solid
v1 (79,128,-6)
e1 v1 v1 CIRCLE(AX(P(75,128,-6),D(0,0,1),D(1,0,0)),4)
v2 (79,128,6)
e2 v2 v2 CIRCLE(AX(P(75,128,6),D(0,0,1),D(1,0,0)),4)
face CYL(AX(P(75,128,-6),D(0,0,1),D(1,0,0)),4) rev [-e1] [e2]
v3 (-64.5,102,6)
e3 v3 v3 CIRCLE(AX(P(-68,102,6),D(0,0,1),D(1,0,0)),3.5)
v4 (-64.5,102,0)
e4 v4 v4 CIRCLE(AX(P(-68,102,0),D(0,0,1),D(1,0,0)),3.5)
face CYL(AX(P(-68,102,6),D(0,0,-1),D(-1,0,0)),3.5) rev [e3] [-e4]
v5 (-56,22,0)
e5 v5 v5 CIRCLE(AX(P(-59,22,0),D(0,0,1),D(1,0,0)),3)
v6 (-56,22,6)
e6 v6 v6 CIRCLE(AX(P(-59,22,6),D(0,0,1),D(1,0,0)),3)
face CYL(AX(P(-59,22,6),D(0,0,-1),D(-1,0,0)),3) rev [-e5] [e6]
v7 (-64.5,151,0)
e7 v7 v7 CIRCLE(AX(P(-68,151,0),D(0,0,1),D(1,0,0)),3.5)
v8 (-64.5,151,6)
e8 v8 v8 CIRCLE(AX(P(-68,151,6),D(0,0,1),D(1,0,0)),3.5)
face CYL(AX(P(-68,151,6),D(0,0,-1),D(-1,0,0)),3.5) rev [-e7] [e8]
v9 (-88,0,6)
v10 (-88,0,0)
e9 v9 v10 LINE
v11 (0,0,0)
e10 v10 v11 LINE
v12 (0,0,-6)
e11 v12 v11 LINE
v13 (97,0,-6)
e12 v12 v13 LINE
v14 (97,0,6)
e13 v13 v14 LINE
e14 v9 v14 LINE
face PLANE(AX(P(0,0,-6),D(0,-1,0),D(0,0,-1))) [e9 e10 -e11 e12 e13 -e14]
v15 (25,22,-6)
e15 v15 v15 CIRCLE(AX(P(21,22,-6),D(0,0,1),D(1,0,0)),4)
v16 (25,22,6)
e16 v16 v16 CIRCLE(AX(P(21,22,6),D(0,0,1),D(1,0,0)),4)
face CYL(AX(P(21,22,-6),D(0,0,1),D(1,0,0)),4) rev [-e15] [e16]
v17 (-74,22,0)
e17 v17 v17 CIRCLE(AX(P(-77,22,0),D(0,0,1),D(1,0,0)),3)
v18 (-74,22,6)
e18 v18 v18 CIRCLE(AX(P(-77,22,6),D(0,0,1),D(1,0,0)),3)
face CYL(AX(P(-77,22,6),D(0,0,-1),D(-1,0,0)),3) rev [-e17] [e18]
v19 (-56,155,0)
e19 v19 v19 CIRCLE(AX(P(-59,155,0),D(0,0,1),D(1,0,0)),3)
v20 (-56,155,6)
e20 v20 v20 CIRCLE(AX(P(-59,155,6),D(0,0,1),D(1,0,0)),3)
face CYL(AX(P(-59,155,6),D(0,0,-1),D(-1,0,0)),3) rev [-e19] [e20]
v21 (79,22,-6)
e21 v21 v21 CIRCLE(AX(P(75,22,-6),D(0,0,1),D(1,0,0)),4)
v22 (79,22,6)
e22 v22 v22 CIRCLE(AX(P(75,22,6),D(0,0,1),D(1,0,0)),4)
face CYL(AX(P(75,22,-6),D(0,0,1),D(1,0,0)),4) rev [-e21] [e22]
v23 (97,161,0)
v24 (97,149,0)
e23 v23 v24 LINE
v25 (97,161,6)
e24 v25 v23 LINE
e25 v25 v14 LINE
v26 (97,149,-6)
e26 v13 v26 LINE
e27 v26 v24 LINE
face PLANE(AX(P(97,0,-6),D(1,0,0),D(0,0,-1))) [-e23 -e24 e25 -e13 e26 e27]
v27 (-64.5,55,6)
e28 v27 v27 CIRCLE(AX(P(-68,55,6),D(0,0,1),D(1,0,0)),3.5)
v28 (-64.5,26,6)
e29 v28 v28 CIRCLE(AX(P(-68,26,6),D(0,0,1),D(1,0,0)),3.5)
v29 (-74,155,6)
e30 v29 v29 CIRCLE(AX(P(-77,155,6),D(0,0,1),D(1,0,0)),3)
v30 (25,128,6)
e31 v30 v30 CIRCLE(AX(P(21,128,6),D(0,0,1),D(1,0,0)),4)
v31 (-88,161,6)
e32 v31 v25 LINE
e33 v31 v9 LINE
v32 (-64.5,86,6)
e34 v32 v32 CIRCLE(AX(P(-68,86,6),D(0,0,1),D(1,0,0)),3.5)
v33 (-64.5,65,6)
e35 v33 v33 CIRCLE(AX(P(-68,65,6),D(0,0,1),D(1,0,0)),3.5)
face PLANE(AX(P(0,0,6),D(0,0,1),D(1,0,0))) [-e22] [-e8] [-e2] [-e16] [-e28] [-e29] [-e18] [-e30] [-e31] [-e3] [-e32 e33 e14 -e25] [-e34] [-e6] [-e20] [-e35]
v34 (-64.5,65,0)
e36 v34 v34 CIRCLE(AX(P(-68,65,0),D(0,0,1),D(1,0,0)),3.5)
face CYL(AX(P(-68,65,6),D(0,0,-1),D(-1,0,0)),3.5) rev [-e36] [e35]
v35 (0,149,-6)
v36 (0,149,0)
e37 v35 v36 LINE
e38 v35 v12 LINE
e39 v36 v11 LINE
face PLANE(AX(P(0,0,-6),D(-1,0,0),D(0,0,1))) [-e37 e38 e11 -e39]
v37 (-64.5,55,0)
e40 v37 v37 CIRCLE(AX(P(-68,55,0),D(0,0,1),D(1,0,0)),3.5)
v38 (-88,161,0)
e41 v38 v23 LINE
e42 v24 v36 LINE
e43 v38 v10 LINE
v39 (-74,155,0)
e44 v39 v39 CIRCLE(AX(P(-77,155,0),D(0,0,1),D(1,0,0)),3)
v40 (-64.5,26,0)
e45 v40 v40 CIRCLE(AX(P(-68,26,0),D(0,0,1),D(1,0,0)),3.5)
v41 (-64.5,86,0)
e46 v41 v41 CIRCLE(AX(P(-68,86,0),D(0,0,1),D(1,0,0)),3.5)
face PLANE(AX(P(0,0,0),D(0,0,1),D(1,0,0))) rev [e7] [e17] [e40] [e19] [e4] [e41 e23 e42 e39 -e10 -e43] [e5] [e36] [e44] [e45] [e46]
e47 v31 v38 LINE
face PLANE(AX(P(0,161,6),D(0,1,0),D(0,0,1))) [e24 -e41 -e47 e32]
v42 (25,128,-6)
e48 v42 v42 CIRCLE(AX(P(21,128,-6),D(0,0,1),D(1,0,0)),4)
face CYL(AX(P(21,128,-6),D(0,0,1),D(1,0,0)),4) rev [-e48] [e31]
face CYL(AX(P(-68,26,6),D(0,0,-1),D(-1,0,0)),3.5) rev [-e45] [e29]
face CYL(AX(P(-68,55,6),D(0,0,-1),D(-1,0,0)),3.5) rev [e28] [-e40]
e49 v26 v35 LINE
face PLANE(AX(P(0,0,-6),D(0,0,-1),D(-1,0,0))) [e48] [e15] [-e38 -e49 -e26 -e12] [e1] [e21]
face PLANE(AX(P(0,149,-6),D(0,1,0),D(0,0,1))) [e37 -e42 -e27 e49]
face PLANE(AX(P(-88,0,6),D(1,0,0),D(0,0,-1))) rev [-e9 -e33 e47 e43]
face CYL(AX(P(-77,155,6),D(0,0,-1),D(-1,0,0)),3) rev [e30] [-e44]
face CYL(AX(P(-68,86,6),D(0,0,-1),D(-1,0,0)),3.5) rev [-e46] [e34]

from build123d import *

# Parameters (mm, degrees)
SKETCH1_W           = 97
SKETCH1_H           = 149
SKETCH1_R           = 4
BOSS_EXTRUDE1_DEPTH = 6
SKETCH3_W           = 185
SKETCH3_H           = 161
SKETCH3_R           = 3
SKETCH3_R_2         = 3.5
SKETCH3_R_3         = 4
BOSS_EXTRUDE2_DEPTH = 6


with BuildPart() as part:
    # Sketch1 → Boss-Extrude1 (new body)
    with BuildSketch(Plane.XY):
        with Locations((48.5, 74.5)):
            Rectangle(SKETCH1_W, SKETCH1_H)
        with Locations((21, 128)):
            Circle(SKETCH1_R, mode=Mode.SUBTRACT)
        with Locations((75, 128)):
            Circle(SKETCH1_R, mode=Mode.SUBTRACT)
        with Locations((75, 22)):
            Circle(SKETCH1_R, mode=Mode.SUBTRACT)
        with Locations((21, 22)):
            Circle(SKETCH1_R, mode=Mode.SUBTRACT)
    extrude(amount=-BOSS_EXTRUDE1_DEPTH)

    # Sketch3 → Boss-Extrude2 (add)
    with BuildSketch(Plane.XY):
        with Locations((4.5, 80.5)):
            Rectangle(SKETCH3_W, SKETCH3_H)
        with Locations((-77, 155)):
            Circle(SKETCH3_R, mode=Mode.SUBTRACT)
        with Locations((-59, 22)):
            Circle(SKETCH3_R, mode=Mode.SUBTRACT)
        with Locations((-68, 26)):
            Circle(SKETCH3_R_2, mode=Mode.SUBTRACT)
        with Locations((-77, 22)):
            Circle(SKETCH3_R, mode=Mode.SUBTRACT)
        with Locations((-68, 102)):
            Circle(SKETCH3_R_2, mode=Mode.SUBTRACT)
        with Locations((-68, 86)):
            Circle(SKETCH3_R_2, mode=Mode.SUBTRACT)
        with Locations((-68, 65)):
            Circle(SKETCH3_R_2, mode=Mode.SUBTRACT)
        with Locations((-68, 55)):
            Circle(SKETCH3_R_2, mode=Mode.SUBTRACT)
        with Locations((-59, 155)):
            Circle(SKETCH3_R, mode=Mode.SUBTRACT)
        with Locations((-68, 151)):
            Circle(SKETCH3_R_2, mode=Mode.SUBTRACT)
        with Locations((21, 22)):
            Circle(SKETCH3_R_3, mode=Mode.SUBTRACT)
        with Locations((75, 22)):
            Circle(SKETCH3_R_3, mode=Mode.SUBTRACT)
        with Locations((75, 128)):
            Circle(SKETCH3_R_3, mode=Mode.SUBTRACT)
        with Locations((21, 128)):
            Circle(SKETCH3_R_3, mode=Mode.SUBTRACT)
    extrude(amount=BOSS_EXTRUDE2_DEPTH)


solid = part.part
